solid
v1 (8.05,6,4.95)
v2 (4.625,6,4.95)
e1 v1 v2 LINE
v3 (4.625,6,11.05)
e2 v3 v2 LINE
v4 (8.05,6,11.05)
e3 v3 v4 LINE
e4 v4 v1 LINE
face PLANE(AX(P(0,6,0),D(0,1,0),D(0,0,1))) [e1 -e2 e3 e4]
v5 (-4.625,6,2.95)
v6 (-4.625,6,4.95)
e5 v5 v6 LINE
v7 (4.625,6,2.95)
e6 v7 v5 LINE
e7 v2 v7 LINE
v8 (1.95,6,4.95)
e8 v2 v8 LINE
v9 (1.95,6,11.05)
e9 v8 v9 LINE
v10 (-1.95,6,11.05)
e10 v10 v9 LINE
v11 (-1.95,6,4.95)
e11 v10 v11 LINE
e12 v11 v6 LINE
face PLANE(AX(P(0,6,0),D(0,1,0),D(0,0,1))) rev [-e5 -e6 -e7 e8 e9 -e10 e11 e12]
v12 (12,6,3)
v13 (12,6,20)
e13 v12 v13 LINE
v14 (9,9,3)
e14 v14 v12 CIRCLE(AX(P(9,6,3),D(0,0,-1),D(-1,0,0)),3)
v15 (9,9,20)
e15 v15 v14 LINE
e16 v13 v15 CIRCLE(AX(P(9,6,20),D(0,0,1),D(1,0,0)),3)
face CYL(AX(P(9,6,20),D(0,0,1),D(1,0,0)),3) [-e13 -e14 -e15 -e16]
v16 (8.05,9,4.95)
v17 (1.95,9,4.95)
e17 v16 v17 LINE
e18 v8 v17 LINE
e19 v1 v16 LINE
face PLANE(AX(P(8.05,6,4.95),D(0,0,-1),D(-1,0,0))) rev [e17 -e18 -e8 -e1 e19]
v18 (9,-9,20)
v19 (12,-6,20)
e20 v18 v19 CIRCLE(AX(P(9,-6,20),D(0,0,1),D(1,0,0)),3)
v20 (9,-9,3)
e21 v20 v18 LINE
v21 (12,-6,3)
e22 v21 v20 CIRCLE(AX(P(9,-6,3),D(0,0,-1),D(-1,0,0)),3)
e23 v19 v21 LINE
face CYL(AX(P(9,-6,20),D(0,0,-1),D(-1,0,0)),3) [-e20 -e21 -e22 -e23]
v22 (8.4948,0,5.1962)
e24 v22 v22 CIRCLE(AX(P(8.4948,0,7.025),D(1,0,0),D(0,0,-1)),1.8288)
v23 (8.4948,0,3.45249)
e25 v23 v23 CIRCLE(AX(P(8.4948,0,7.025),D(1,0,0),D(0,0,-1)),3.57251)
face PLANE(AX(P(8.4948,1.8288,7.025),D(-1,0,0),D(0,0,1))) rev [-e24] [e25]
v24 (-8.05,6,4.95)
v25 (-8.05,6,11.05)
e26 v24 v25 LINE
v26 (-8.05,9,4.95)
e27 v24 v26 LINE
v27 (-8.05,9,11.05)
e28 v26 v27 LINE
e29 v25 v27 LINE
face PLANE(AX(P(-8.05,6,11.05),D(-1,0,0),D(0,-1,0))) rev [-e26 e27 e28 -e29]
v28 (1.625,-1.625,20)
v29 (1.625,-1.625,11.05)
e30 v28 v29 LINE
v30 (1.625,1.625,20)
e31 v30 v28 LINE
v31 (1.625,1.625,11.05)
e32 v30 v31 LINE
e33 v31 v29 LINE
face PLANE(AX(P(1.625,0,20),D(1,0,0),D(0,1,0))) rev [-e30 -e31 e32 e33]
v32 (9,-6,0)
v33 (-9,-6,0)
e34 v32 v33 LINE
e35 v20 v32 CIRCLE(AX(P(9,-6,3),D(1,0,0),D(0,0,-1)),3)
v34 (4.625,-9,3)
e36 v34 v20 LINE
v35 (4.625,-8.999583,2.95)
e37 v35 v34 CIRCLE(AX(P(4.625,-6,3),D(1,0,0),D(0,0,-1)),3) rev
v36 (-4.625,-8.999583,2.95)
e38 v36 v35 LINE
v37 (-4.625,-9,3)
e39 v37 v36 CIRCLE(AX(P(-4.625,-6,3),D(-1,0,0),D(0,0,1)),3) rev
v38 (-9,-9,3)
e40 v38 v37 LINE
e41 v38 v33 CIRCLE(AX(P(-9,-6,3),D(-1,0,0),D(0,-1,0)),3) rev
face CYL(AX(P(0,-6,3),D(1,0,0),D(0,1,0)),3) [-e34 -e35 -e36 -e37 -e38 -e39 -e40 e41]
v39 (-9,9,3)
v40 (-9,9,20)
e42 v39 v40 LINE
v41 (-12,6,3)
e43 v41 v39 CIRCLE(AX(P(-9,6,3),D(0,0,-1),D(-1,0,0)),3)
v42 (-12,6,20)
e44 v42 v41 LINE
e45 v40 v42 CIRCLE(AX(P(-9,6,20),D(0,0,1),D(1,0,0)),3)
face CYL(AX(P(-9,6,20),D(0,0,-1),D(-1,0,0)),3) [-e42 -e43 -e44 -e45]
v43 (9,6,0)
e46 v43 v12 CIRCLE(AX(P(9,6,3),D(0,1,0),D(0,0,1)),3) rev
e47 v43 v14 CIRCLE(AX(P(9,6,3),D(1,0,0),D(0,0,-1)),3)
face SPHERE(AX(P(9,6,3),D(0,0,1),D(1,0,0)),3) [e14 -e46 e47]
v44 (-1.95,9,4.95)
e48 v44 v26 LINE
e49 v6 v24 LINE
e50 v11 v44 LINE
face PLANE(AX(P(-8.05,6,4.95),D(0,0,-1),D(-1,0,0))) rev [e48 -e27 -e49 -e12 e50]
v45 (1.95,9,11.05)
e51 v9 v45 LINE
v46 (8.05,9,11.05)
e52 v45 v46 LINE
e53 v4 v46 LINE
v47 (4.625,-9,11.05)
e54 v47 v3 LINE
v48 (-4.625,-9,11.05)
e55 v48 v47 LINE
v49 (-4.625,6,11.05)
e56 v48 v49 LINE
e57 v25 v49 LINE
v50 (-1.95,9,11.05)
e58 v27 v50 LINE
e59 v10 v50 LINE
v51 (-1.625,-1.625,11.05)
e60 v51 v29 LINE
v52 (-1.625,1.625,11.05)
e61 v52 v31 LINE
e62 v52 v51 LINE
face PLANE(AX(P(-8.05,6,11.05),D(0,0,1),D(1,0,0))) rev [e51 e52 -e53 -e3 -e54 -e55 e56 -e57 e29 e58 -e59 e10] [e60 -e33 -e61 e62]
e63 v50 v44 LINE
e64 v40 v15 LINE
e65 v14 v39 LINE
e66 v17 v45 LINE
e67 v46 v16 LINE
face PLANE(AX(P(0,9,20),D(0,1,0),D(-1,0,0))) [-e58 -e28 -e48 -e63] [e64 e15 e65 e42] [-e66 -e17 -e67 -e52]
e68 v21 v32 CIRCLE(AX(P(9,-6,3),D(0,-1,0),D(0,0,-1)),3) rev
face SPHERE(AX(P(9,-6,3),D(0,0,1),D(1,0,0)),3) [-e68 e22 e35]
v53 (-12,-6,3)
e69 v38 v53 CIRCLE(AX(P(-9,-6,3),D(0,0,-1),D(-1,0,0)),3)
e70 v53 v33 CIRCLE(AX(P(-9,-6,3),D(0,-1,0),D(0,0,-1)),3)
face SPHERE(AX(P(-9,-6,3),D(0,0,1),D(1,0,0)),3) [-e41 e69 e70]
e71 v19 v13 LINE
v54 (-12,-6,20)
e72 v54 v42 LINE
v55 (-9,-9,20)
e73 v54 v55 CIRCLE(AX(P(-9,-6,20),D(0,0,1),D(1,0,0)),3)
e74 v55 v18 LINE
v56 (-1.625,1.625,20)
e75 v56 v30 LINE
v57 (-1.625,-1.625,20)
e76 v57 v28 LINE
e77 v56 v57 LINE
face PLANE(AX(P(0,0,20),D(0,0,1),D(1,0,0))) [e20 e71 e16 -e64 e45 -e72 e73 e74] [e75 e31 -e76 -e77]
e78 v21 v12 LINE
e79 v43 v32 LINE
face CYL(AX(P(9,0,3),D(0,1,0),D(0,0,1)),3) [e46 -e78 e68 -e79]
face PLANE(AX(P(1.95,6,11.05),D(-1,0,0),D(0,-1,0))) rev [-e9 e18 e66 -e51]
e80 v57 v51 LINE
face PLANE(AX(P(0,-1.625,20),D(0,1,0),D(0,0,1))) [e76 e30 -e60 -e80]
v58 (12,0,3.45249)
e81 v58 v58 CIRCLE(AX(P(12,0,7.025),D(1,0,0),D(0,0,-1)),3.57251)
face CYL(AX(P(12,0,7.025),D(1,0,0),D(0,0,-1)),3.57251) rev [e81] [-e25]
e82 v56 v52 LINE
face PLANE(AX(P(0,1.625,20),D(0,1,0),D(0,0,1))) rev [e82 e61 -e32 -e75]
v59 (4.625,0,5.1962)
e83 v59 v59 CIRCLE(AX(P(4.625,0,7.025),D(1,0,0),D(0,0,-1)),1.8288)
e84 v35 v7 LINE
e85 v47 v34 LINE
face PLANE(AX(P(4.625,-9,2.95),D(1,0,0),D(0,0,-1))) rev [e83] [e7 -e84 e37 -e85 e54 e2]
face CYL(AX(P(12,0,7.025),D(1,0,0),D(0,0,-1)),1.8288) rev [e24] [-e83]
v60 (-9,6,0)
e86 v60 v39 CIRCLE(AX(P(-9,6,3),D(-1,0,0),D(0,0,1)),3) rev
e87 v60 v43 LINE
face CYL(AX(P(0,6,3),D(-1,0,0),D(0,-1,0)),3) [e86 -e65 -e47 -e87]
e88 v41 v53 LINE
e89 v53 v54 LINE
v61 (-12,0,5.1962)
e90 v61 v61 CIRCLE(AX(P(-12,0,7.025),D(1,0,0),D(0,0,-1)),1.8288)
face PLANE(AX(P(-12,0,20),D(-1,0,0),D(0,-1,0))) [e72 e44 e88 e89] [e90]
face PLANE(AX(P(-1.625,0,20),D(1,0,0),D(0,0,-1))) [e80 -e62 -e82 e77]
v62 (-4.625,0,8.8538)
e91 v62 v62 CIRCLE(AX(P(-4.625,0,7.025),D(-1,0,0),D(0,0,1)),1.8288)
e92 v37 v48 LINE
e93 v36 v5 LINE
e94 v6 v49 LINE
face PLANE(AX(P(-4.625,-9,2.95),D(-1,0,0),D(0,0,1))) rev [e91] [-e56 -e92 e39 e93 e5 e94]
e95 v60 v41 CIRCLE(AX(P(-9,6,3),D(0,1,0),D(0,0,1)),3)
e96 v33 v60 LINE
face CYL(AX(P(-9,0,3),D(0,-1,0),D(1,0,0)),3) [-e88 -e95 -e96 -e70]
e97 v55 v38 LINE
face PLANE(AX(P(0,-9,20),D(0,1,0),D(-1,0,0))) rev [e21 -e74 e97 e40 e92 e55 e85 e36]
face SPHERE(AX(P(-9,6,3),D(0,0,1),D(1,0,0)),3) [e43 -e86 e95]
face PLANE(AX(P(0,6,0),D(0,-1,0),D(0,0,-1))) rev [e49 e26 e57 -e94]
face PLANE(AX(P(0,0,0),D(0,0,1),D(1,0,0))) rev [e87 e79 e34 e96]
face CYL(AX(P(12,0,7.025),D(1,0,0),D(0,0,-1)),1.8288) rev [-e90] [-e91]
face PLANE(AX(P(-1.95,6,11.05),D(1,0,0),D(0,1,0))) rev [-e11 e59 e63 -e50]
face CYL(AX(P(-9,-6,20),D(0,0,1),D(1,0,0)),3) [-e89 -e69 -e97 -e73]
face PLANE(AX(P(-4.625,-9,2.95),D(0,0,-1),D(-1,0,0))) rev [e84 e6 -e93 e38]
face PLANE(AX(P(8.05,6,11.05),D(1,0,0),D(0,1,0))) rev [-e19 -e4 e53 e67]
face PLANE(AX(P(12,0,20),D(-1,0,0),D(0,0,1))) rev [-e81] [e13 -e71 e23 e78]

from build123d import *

# Parameters (mm, degrees)
SKETCH1_W                                      = 24
SKETCH1_H                                      = 18
SKETCH1_W_2                                    = 3.25
SKETCH1_H_2                                    = 3.25
BOSS_EXTRUDE1_DEPTH                            = 20
FILLET1_R                                      = 3
SKETCH2_W                                      = 6.1
SKETCH2_H                                      = 6.1
CUT_EXTRUDE1_DEPTH                             = 3
SKETCH3_W                                      = 9.25
SKETCH3_H                                      = 8.1
CUT_EXTRUDE2_DEPTH                             = 28.730849248
SKETCH4_W                                      = 3.25
SKETCH4_H                                      = 3.25
BOSS_EXTRUDE2_DEPTH                            = 2.95
CBORE_FOR_6_SOCKET_HEAD_CAP_SCREW1_D           = 3.6576
CBORE_FOR_6_SOCKET_HEAD_CAP_SCREW1_CBORE_D     = 7.14502
CBORE_FOR_6_SOCKET_HEAD_CAP_SCREW1_CBORE_DEPTH = 3.5052


with BuildPart() as part:
    # Sketch1 → Boss-Extrude1 (new body)
    # profile 1 of 2: a face of its own
    with BuildSketch(Plane.XY):
        Rectangle(SKETCH1_W, SKETCH1_H)
        Rectangle(SKETCH1_W_2, SKETCH1_H_2, mode=Mode.SUBTRACT)
    # profile 2 of 2: a face of its own
    with BuildSketch(Plane.XY):
        Polygon((-1.625, -1.625), (-1.625, 1.625), (-1.625, 4), (-4.8, 4), (-4.8, -4), (-1.625, -4), align=None)
    extrude(amount=BOSS_EXTRUDE1_DEPTH)

    # Fillet1
    fillet1_edges = [part.edges().sort_by_distance(p)[0] for p in [
        (12, 0, 0),
        (0, -9, 0),
        (-12, -9, 10),
        (-12, 9, 10),
        (12, 9, 10),
        (12, -9, 10),
        (-12, 0, 0),
        (0, 9, 0),
    ]]
    fillet(fillet1_edges, radius=FILLET1_R)

    # Sketch2 → Cut-Extrude1 (cut)
    with BuildSketch(Plane(origin=(0, 9, 0), x_dir=(1, 0, 0), z_dir=(0, 1, 0))):
        with Locations((-5, -8)):
            Rectangle(SKETCH2_W, SKETCH2_H)
        with Locations((5, -8)):
            Rectangle(SKETCH2_W, SKETCH2_H)
    extrude(amount=-CUT_EXTRUDE1_DEPTH, mode=Mode.SUBTRACT)

    # Sketch3 → Cut-Extrude2 (cut, through all)
    with BuildSketch(Plane(origin=(0, 6, 0), x_dir=(1, 0, 0), z_dir=(0, 1, 0))):
        with Locations((0, -7)):
            Rectangle(SKETCH3_W, SKETCH3_H)
    extrude(amount=-CUT_EXTRUDE2_DEPTH, mode=Mode.SUBTRACT)

    # Sketch4 → Boss-Extrude2 (add)
    with BuildSketch(Plane(origin=(0, 0, 0), x_dir=(-1, 0, 0), z_dir=(0, 0, -1))):
        Rectangle(SKETCH4_W, SKETCH4_H)
    extrude(amount=-BOSS_EXTRUDE2_DEPTH)

    # CBORE for #6 Socket Head Cap Screw1 (through all)
    with Locations(Plane(origin=(12, 0, 0), x_dir=(0, 0, -1), z_dir=(1, 0, 0))):
        with Locations((-7.025, 0)):
            CounterBoreHole(CBORE_FOR_6_SOCKET_HEAD_CAP_SCREW1_D / 2, CBORE_FOR_6_SOCKET_HEAD_CAP_SCREW1_CBORE_D / 2, CBORE_FOR_6_SOCKET_HEAD_CAP_SCREW1_CBORE_DEPTH)


solid = part.part
